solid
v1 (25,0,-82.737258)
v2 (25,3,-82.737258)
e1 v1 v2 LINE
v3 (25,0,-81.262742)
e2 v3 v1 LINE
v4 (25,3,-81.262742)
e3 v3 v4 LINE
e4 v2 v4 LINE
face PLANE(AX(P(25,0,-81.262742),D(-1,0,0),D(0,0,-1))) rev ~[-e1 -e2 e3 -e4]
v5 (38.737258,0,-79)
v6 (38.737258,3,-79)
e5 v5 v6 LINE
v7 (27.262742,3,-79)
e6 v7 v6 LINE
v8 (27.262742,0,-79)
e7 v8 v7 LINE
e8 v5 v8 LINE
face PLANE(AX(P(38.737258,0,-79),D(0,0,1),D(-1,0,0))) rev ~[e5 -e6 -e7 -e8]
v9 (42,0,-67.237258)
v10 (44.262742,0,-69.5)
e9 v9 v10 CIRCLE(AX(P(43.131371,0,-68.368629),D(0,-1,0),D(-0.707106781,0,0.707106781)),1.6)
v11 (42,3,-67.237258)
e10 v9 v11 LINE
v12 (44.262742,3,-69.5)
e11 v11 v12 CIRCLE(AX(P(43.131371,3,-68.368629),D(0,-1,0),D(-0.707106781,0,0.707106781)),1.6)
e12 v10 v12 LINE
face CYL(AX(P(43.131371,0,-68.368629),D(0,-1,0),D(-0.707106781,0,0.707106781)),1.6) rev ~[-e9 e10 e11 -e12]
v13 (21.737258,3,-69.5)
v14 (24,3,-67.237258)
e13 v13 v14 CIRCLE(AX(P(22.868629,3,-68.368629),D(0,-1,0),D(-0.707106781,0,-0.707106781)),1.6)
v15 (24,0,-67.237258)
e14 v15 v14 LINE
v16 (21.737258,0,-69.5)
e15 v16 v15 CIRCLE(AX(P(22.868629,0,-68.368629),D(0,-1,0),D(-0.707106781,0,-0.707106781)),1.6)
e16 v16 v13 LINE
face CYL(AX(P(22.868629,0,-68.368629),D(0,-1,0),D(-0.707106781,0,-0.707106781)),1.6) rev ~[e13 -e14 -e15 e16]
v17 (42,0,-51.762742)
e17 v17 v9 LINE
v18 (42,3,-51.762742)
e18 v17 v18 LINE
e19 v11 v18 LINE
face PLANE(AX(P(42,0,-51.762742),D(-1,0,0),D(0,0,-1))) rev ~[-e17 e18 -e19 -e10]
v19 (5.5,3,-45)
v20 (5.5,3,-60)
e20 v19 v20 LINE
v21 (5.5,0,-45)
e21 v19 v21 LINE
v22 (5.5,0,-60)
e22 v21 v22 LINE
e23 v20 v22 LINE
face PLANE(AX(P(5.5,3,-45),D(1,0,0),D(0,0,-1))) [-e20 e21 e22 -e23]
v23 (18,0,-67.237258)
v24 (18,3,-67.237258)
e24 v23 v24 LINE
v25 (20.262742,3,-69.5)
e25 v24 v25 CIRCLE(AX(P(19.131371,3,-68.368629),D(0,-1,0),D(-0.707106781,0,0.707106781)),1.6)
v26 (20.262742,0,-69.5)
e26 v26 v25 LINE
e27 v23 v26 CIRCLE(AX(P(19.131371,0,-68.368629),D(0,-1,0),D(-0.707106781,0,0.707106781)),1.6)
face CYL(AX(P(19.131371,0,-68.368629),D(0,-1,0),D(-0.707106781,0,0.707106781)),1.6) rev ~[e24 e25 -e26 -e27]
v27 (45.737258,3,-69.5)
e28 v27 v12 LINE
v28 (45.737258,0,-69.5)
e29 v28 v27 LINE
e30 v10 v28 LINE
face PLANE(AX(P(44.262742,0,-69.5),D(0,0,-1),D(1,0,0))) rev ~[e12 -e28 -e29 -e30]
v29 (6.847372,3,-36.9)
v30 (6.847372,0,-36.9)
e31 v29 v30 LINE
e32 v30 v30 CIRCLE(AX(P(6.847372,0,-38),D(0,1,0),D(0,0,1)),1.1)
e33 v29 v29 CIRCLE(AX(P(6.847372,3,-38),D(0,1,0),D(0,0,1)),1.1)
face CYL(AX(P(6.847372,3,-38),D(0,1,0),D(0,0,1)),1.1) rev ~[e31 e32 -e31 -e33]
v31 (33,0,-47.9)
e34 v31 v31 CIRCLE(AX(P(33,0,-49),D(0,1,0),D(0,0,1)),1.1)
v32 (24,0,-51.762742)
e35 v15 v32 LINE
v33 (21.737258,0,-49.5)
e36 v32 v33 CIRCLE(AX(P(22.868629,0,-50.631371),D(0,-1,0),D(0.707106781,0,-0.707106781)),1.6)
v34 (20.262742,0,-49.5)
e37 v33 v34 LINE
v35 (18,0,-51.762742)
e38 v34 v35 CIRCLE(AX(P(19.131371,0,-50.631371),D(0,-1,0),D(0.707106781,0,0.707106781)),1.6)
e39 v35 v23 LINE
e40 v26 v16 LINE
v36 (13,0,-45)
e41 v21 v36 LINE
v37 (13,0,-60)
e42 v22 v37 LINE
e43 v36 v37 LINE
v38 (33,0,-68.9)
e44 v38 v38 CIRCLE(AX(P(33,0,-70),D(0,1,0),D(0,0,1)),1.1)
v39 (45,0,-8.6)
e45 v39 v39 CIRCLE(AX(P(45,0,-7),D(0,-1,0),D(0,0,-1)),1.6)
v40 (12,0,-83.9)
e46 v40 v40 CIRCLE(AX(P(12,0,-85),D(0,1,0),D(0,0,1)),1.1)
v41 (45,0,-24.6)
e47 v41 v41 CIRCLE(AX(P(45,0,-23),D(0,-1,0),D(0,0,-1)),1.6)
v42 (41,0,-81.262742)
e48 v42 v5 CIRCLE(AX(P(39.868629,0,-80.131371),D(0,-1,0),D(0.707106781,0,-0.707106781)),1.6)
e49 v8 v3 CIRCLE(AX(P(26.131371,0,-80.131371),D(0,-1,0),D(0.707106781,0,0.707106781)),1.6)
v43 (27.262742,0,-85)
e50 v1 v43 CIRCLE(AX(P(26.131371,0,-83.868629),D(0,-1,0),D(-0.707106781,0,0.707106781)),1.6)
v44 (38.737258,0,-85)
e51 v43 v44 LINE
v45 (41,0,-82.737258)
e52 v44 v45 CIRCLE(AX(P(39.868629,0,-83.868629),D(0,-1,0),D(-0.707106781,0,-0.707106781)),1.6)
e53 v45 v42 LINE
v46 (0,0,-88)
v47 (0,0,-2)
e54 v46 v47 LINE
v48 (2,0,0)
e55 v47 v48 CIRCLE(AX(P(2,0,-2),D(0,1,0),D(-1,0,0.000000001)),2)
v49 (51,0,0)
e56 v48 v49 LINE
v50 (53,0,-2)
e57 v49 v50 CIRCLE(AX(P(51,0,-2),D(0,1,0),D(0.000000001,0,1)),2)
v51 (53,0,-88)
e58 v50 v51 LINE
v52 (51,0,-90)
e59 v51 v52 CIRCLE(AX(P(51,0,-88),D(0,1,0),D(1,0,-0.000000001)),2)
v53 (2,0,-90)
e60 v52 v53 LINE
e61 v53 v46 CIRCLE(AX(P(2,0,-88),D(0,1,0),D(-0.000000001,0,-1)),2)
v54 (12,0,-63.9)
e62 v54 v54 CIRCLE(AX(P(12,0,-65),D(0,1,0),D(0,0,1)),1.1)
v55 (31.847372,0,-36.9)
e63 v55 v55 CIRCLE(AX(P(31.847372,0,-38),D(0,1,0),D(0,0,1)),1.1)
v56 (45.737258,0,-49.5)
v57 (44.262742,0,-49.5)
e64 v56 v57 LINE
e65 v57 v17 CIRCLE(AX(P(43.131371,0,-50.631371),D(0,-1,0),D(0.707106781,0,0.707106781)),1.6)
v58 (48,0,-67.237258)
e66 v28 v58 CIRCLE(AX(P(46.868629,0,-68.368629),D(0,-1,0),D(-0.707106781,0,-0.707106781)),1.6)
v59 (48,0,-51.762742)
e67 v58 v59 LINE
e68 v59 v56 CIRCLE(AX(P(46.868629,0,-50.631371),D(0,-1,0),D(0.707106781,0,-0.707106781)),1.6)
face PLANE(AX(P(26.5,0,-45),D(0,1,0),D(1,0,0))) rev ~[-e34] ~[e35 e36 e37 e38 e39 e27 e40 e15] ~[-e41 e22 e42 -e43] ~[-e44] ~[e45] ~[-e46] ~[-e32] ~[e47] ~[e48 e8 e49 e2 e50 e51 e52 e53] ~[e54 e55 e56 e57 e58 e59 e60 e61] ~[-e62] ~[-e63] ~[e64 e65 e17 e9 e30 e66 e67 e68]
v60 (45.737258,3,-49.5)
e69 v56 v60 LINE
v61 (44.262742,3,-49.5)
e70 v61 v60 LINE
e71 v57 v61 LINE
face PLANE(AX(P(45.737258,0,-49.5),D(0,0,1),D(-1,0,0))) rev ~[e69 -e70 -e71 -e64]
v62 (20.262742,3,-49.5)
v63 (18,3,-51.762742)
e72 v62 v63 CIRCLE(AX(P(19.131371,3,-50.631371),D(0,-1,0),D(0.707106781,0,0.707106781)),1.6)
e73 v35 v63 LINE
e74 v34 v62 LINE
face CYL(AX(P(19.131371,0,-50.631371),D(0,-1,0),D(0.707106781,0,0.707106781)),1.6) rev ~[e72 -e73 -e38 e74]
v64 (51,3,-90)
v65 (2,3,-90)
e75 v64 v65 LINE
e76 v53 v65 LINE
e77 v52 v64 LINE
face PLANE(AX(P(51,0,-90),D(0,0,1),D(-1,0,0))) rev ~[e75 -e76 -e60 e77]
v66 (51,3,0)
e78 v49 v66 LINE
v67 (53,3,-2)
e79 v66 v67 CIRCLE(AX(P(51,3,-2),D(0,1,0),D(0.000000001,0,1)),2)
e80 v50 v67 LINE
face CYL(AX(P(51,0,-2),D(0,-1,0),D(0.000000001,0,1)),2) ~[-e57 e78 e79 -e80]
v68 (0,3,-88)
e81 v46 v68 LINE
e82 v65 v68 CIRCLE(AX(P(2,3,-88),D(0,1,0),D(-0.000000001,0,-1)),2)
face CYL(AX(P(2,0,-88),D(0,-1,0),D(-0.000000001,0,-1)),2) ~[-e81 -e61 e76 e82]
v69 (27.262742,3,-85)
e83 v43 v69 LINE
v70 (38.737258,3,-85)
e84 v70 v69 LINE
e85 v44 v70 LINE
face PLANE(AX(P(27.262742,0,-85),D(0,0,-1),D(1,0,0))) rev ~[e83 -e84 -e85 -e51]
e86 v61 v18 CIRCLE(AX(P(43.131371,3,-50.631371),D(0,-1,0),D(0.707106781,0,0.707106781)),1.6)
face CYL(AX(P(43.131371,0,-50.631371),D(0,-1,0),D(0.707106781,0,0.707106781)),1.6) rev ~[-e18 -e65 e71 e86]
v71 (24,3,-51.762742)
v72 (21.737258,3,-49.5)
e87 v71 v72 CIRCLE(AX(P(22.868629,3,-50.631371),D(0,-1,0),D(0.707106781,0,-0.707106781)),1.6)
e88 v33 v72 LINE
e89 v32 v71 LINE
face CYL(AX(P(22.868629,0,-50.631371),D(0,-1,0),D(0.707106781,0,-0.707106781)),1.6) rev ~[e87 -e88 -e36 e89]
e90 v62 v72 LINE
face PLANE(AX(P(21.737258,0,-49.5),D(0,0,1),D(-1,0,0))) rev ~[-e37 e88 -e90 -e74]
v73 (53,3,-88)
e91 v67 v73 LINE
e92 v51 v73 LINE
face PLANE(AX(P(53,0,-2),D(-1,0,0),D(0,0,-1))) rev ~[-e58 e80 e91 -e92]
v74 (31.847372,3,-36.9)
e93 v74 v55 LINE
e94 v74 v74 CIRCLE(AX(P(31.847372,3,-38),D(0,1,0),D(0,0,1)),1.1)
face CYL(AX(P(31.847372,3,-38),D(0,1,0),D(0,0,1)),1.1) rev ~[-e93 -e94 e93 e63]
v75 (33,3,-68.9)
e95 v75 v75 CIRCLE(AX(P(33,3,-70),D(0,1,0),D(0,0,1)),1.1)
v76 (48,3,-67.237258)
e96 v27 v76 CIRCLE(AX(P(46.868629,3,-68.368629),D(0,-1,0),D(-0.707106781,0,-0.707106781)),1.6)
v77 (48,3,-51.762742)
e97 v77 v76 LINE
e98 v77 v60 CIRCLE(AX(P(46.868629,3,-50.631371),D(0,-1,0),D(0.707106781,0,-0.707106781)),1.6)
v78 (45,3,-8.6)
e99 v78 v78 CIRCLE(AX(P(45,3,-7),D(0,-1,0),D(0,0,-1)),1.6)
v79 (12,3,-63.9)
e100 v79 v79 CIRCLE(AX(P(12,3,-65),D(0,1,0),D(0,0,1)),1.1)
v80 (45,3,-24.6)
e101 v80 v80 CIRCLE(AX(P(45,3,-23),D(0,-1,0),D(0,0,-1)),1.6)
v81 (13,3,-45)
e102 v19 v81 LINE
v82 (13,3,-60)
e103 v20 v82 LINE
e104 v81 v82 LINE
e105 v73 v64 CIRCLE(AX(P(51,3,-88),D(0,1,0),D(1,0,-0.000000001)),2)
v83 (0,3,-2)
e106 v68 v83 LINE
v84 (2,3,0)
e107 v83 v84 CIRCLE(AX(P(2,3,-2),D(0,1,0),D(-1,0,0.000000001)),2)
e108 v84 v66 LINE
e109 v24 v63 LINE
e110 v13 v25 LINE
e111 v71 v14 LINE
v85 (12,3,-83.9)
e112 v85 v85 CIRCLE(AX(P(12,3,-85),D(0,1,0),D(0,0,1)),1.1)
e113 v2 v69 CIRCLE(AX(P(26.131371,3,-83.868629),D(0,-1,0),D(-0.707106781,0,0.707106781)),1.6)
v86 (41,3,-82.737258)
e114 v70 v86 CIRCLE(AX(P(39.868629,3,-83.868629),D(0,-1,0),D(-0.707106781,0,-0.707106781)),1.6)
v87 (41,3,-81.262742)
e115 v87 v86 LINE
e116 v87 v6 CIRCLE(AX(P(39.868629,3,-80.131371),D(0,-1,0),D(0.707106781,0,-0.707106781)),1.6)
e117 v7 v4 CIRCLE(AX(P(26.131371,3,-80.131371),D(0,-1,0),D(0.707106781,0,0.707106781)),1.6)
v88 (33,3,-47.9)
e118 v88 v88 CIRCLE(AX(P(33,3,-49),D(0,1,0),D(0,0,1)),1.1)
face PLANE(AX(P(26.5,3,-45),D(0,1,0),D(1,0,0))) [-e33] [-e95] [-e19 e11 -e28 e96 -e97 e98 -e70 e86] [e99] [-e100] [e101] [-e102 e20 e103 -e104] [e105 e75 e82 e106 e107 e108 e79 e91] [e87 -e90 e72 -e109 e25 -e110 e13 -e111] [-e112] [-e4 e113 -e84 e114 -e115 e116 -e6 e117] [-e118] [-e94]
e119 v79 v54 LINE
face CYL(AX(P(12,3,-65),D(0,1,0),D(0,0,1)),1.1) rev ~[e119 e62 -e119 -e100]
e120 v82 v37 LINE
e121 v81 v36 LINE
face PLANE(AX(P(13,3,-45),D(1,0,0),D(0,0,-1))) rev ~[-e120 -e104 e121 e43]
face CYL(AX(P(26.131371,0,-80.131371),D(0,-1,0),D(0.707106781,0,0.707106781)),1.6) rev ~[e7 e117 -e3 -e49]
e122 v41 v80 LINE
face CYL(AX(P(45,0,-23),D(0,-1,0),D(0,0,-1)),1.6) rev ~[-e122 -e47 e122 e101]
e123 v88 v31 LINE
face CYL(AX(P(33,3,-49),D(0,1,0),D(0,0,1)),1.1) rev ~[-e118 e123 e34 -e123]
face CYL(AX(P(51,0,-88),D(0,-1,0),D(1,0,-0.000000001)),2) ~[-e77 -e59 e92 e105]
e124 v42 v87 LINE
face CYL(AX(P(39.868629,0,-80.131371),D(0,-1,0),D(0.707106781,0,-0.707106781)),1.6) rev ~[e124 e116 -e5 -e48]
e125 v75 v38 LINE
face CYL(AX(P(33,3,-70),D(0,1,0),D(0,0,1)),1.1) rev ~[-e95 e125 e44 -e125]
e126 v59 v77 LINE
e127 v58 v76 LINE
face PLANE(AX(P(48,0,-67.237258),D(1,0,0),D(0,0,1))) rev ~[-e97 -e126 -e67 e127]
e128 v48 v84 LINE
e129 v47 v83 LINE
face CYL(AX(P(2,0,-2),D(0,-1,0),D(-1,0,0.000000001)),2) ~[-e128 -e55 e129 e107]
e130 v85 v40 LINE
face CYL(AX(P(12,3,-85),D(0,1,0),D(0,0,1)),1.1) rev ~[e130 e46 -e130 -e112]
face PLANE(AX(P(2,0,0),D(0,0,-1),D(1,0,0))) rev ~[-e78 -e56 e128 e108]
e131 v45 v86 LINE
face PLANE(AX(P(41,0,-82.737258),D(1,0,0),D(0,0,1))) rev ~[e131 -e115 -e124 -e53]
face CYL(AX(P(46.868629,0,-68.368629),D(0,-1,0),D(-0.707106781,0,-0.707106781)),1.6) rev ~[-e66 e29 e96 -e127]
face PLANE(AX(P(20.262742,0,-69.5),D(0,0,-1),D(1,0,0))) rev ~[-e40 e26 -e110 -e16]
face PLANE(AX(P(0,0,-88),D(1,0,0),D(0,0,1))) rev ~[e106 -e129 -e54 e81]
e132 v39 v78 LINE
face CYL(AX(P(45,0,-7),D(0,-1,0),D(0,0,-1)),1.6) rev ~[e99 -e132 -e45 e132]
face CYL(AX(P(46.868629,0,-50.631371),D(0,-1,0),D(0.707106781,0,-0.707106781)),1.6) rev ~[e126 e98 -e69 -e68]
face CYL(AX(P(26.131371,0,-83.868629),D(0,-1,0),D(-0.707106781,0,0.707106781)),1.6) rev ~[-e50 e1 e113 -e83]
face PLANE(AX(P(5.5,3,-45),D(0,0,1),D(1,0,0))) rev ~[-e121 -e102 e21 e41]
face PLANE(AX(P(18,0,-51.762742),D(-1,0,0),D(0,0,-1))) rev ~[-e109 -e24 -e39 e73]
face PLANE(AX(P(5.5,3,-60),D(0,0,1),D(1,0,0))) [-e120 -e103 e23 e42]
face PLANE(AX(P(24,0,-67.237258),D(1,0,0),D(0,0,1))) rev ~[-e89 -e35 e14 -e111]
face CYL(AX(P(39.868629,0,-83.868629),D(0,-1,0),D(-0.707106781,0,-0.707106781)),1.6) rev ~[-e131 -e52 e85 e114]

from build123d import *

# Parameters (mm, degrees)
EXTRUSION1_DEPTH        = 3
ESQUISSE2_R             = 1.6
ENL_V_MAT_EXTRU_1_DEPTH = 4
ESQUISSE4_R             = 1.1
ESQUISSE4_W             = 7.5
ESQUISSE4_H             = 15
ENL_V_MAT_EXTRU_2_DEPTH = 4
ESQUISSE5_R             = 1.1
ENL_V_MAT_EXTRU_3_DEPTH = 4


with BuildPart() as part:
    # Esquisse1 → Extrusion1 (new body)
    with BuildSketch(Plane(origin=(0, 0, 0), x_dir=(1, 0, 0), z_dir=(0, 1, 0))):
        with BuildLine():
            Line((0, 88), (0, 2))
            ThreePointArc((0, 2), (0.585786438, 0.585786438), (2, 0))
            Line((2, 0), (51, 0))
            ThreePointArc((51, 0), (52.414213562, 0.585786438), (53, 2))
            Line((53, 2), (53, 88))
            ThreePointArc((53, 88), (52.414213562, 89.414213562), (51, 90))
            Line((51, 90), (2, 90))
            ThreePointArc((2, 90), (0.585786438, 89.414213562), (0, 88))
        make_face()
    extrude(amount=EXTRUSION1_DEPTH)

    # Esquisse2 → Enlèv. mat.-Extru.1 (cut, through all)
    with BuildSketch(Plane.XZ):
        with Locations(Location((45, -23, 0), (0, 0, 270))):  # turned: the seam where the file's is
            Circle(ESQUISSE2_R)
        with Locations(Location((45, -7, 0), (0, 0, 270))):  # turned: the seam where the file's is
            Circle(ESQUISSE2_R)
        with BuildLine():
            Line((41, -82.7372583), (41, -81.2627417))
            ThreePointArc((41, -81.2627417), (41, -79), (38.7372583, -79))
            Line((38.7372583, -79), (27.2627417, -79))
            ThreePointArc((27.2627417, -79), (25, -79), (25, -81.2627417))
            Line((25, -81.2627417), (25, -82.7372583))
            ThreePointArc((25, -82.7372583), (25, -85), (27.2627417, -85))
            Line((27.2627417, -85), (38.7372583, -85))
            ThreePointArc((38.7372583, -85), (41, -85), (41, -82.7372583))
        make_face()
        with BuildLine():
            Line((45.7372583, -49.5), (44.2627417, -49.5))
            ThreePointArc((44.2627417, -49.5), (42, -49.5), (42, -51.7627417))
            Line((42, -51.7627417), (42, -67.2372583))
            ThreePointArc((42, -67.2372583), (42, -69.5), (44.2627417, -69.5))
            Line((44.2627417, -69.5), (45.7372583, -69.5))
            ThreePointArc((45.7372583, -69.5), (48, -69.5), (48, -67.2372583))
            Line((48, -67.2372583), (48, -51.7627417))
            ThreePointArc((48, -51.7627417), (48, -49.5), (45.7372583, -49.5))
        make_face()
        with BuildLine():
            Line((24, -67.2372583), (24, -51.7627417))
            ThreePointArc((24, -51.7627417), (24, -49.5), (21.7372583, -49.5))
            Line((21.7372583, -49.5), (20.2627417, -49.5))
            ThreePointArc((20.2627417, -49.5), (18, -49.5), (18, -51.7627417))
            Line((18, -51.7627417), (18, -67.2372583))
            ThreePointArc((18, -67.2372583), (18, -69.5), (20.2627417, -69.5))
            Line((20.2627417, -69.5), (21.7372583, -69.5))
            ThreePointArc((21.7372583, -69.5), (24, -69.5), (24, -67.2372583))
        make_face()
    extrude(amount=-ENL_V_MAT_EXTRU_1_DEPTH, mode=Mode.SUBTRACT)

    # Esquisse4 → Enlèv. mat.-Extru.2 (cut, through all)
    with BuildSketch(Plane(origin=(0, 3, 0), x_dir=(1, 0, 0), z_dir=(0, 1, 0))):
        with Locations(Location((12, 85, 0), (0, 0, 270))):  # turned: the seam where the file's is
            Circle(ESQUISSE4_R)
        with Locations(Location((12, 65, 0), (0, 0, 270))):  # turned: the seam where the file's is
            Circle(ESQUISSE4_R)
        with Locations(Location((33, 70, 0), (0, 0, 270))):  # turned: the seam where the file's is
            Circle(ESQUISSE4_R)
        with Locations(Location((33, 49, 0), (0, 0, 270))):  # turned: the seam where the file's is
            Circle(ESQUISSE4_R)
        with Locations((9.25, 52.5)):
            Rectangle(ESQUISSE4_W, ESQUISSE4_H)
    extrude(amount=-ENL_V_MAT_EXTRU_2_DEPTH, mode=Mode.SUBTRACT)

    # Esquisse5 → Enlèv. mat.-Extru.3 (cut, through all)
    with BuildSketch(Plane(origin=(0, 3, 0), x_dir=(1, 0, 0), z_dir=(0, 1, 0))):
        with Locations(Location((6.847371534, 38, 0), (0, 0, 270))):  # turned: the seam where the file's is
            Circle(ESQUISSE5_R)
        with Locations(Location((31.847371534, 38, 0), (0, 0, 270))):  # turned: the seam where the file's is
            Circle(ESQUISSE5_R)
    extrude(amount=-ENL_V_MAT_EXTRU_3_DEPTH, mode=Mode.SUBTRACT)


solid = part.part
